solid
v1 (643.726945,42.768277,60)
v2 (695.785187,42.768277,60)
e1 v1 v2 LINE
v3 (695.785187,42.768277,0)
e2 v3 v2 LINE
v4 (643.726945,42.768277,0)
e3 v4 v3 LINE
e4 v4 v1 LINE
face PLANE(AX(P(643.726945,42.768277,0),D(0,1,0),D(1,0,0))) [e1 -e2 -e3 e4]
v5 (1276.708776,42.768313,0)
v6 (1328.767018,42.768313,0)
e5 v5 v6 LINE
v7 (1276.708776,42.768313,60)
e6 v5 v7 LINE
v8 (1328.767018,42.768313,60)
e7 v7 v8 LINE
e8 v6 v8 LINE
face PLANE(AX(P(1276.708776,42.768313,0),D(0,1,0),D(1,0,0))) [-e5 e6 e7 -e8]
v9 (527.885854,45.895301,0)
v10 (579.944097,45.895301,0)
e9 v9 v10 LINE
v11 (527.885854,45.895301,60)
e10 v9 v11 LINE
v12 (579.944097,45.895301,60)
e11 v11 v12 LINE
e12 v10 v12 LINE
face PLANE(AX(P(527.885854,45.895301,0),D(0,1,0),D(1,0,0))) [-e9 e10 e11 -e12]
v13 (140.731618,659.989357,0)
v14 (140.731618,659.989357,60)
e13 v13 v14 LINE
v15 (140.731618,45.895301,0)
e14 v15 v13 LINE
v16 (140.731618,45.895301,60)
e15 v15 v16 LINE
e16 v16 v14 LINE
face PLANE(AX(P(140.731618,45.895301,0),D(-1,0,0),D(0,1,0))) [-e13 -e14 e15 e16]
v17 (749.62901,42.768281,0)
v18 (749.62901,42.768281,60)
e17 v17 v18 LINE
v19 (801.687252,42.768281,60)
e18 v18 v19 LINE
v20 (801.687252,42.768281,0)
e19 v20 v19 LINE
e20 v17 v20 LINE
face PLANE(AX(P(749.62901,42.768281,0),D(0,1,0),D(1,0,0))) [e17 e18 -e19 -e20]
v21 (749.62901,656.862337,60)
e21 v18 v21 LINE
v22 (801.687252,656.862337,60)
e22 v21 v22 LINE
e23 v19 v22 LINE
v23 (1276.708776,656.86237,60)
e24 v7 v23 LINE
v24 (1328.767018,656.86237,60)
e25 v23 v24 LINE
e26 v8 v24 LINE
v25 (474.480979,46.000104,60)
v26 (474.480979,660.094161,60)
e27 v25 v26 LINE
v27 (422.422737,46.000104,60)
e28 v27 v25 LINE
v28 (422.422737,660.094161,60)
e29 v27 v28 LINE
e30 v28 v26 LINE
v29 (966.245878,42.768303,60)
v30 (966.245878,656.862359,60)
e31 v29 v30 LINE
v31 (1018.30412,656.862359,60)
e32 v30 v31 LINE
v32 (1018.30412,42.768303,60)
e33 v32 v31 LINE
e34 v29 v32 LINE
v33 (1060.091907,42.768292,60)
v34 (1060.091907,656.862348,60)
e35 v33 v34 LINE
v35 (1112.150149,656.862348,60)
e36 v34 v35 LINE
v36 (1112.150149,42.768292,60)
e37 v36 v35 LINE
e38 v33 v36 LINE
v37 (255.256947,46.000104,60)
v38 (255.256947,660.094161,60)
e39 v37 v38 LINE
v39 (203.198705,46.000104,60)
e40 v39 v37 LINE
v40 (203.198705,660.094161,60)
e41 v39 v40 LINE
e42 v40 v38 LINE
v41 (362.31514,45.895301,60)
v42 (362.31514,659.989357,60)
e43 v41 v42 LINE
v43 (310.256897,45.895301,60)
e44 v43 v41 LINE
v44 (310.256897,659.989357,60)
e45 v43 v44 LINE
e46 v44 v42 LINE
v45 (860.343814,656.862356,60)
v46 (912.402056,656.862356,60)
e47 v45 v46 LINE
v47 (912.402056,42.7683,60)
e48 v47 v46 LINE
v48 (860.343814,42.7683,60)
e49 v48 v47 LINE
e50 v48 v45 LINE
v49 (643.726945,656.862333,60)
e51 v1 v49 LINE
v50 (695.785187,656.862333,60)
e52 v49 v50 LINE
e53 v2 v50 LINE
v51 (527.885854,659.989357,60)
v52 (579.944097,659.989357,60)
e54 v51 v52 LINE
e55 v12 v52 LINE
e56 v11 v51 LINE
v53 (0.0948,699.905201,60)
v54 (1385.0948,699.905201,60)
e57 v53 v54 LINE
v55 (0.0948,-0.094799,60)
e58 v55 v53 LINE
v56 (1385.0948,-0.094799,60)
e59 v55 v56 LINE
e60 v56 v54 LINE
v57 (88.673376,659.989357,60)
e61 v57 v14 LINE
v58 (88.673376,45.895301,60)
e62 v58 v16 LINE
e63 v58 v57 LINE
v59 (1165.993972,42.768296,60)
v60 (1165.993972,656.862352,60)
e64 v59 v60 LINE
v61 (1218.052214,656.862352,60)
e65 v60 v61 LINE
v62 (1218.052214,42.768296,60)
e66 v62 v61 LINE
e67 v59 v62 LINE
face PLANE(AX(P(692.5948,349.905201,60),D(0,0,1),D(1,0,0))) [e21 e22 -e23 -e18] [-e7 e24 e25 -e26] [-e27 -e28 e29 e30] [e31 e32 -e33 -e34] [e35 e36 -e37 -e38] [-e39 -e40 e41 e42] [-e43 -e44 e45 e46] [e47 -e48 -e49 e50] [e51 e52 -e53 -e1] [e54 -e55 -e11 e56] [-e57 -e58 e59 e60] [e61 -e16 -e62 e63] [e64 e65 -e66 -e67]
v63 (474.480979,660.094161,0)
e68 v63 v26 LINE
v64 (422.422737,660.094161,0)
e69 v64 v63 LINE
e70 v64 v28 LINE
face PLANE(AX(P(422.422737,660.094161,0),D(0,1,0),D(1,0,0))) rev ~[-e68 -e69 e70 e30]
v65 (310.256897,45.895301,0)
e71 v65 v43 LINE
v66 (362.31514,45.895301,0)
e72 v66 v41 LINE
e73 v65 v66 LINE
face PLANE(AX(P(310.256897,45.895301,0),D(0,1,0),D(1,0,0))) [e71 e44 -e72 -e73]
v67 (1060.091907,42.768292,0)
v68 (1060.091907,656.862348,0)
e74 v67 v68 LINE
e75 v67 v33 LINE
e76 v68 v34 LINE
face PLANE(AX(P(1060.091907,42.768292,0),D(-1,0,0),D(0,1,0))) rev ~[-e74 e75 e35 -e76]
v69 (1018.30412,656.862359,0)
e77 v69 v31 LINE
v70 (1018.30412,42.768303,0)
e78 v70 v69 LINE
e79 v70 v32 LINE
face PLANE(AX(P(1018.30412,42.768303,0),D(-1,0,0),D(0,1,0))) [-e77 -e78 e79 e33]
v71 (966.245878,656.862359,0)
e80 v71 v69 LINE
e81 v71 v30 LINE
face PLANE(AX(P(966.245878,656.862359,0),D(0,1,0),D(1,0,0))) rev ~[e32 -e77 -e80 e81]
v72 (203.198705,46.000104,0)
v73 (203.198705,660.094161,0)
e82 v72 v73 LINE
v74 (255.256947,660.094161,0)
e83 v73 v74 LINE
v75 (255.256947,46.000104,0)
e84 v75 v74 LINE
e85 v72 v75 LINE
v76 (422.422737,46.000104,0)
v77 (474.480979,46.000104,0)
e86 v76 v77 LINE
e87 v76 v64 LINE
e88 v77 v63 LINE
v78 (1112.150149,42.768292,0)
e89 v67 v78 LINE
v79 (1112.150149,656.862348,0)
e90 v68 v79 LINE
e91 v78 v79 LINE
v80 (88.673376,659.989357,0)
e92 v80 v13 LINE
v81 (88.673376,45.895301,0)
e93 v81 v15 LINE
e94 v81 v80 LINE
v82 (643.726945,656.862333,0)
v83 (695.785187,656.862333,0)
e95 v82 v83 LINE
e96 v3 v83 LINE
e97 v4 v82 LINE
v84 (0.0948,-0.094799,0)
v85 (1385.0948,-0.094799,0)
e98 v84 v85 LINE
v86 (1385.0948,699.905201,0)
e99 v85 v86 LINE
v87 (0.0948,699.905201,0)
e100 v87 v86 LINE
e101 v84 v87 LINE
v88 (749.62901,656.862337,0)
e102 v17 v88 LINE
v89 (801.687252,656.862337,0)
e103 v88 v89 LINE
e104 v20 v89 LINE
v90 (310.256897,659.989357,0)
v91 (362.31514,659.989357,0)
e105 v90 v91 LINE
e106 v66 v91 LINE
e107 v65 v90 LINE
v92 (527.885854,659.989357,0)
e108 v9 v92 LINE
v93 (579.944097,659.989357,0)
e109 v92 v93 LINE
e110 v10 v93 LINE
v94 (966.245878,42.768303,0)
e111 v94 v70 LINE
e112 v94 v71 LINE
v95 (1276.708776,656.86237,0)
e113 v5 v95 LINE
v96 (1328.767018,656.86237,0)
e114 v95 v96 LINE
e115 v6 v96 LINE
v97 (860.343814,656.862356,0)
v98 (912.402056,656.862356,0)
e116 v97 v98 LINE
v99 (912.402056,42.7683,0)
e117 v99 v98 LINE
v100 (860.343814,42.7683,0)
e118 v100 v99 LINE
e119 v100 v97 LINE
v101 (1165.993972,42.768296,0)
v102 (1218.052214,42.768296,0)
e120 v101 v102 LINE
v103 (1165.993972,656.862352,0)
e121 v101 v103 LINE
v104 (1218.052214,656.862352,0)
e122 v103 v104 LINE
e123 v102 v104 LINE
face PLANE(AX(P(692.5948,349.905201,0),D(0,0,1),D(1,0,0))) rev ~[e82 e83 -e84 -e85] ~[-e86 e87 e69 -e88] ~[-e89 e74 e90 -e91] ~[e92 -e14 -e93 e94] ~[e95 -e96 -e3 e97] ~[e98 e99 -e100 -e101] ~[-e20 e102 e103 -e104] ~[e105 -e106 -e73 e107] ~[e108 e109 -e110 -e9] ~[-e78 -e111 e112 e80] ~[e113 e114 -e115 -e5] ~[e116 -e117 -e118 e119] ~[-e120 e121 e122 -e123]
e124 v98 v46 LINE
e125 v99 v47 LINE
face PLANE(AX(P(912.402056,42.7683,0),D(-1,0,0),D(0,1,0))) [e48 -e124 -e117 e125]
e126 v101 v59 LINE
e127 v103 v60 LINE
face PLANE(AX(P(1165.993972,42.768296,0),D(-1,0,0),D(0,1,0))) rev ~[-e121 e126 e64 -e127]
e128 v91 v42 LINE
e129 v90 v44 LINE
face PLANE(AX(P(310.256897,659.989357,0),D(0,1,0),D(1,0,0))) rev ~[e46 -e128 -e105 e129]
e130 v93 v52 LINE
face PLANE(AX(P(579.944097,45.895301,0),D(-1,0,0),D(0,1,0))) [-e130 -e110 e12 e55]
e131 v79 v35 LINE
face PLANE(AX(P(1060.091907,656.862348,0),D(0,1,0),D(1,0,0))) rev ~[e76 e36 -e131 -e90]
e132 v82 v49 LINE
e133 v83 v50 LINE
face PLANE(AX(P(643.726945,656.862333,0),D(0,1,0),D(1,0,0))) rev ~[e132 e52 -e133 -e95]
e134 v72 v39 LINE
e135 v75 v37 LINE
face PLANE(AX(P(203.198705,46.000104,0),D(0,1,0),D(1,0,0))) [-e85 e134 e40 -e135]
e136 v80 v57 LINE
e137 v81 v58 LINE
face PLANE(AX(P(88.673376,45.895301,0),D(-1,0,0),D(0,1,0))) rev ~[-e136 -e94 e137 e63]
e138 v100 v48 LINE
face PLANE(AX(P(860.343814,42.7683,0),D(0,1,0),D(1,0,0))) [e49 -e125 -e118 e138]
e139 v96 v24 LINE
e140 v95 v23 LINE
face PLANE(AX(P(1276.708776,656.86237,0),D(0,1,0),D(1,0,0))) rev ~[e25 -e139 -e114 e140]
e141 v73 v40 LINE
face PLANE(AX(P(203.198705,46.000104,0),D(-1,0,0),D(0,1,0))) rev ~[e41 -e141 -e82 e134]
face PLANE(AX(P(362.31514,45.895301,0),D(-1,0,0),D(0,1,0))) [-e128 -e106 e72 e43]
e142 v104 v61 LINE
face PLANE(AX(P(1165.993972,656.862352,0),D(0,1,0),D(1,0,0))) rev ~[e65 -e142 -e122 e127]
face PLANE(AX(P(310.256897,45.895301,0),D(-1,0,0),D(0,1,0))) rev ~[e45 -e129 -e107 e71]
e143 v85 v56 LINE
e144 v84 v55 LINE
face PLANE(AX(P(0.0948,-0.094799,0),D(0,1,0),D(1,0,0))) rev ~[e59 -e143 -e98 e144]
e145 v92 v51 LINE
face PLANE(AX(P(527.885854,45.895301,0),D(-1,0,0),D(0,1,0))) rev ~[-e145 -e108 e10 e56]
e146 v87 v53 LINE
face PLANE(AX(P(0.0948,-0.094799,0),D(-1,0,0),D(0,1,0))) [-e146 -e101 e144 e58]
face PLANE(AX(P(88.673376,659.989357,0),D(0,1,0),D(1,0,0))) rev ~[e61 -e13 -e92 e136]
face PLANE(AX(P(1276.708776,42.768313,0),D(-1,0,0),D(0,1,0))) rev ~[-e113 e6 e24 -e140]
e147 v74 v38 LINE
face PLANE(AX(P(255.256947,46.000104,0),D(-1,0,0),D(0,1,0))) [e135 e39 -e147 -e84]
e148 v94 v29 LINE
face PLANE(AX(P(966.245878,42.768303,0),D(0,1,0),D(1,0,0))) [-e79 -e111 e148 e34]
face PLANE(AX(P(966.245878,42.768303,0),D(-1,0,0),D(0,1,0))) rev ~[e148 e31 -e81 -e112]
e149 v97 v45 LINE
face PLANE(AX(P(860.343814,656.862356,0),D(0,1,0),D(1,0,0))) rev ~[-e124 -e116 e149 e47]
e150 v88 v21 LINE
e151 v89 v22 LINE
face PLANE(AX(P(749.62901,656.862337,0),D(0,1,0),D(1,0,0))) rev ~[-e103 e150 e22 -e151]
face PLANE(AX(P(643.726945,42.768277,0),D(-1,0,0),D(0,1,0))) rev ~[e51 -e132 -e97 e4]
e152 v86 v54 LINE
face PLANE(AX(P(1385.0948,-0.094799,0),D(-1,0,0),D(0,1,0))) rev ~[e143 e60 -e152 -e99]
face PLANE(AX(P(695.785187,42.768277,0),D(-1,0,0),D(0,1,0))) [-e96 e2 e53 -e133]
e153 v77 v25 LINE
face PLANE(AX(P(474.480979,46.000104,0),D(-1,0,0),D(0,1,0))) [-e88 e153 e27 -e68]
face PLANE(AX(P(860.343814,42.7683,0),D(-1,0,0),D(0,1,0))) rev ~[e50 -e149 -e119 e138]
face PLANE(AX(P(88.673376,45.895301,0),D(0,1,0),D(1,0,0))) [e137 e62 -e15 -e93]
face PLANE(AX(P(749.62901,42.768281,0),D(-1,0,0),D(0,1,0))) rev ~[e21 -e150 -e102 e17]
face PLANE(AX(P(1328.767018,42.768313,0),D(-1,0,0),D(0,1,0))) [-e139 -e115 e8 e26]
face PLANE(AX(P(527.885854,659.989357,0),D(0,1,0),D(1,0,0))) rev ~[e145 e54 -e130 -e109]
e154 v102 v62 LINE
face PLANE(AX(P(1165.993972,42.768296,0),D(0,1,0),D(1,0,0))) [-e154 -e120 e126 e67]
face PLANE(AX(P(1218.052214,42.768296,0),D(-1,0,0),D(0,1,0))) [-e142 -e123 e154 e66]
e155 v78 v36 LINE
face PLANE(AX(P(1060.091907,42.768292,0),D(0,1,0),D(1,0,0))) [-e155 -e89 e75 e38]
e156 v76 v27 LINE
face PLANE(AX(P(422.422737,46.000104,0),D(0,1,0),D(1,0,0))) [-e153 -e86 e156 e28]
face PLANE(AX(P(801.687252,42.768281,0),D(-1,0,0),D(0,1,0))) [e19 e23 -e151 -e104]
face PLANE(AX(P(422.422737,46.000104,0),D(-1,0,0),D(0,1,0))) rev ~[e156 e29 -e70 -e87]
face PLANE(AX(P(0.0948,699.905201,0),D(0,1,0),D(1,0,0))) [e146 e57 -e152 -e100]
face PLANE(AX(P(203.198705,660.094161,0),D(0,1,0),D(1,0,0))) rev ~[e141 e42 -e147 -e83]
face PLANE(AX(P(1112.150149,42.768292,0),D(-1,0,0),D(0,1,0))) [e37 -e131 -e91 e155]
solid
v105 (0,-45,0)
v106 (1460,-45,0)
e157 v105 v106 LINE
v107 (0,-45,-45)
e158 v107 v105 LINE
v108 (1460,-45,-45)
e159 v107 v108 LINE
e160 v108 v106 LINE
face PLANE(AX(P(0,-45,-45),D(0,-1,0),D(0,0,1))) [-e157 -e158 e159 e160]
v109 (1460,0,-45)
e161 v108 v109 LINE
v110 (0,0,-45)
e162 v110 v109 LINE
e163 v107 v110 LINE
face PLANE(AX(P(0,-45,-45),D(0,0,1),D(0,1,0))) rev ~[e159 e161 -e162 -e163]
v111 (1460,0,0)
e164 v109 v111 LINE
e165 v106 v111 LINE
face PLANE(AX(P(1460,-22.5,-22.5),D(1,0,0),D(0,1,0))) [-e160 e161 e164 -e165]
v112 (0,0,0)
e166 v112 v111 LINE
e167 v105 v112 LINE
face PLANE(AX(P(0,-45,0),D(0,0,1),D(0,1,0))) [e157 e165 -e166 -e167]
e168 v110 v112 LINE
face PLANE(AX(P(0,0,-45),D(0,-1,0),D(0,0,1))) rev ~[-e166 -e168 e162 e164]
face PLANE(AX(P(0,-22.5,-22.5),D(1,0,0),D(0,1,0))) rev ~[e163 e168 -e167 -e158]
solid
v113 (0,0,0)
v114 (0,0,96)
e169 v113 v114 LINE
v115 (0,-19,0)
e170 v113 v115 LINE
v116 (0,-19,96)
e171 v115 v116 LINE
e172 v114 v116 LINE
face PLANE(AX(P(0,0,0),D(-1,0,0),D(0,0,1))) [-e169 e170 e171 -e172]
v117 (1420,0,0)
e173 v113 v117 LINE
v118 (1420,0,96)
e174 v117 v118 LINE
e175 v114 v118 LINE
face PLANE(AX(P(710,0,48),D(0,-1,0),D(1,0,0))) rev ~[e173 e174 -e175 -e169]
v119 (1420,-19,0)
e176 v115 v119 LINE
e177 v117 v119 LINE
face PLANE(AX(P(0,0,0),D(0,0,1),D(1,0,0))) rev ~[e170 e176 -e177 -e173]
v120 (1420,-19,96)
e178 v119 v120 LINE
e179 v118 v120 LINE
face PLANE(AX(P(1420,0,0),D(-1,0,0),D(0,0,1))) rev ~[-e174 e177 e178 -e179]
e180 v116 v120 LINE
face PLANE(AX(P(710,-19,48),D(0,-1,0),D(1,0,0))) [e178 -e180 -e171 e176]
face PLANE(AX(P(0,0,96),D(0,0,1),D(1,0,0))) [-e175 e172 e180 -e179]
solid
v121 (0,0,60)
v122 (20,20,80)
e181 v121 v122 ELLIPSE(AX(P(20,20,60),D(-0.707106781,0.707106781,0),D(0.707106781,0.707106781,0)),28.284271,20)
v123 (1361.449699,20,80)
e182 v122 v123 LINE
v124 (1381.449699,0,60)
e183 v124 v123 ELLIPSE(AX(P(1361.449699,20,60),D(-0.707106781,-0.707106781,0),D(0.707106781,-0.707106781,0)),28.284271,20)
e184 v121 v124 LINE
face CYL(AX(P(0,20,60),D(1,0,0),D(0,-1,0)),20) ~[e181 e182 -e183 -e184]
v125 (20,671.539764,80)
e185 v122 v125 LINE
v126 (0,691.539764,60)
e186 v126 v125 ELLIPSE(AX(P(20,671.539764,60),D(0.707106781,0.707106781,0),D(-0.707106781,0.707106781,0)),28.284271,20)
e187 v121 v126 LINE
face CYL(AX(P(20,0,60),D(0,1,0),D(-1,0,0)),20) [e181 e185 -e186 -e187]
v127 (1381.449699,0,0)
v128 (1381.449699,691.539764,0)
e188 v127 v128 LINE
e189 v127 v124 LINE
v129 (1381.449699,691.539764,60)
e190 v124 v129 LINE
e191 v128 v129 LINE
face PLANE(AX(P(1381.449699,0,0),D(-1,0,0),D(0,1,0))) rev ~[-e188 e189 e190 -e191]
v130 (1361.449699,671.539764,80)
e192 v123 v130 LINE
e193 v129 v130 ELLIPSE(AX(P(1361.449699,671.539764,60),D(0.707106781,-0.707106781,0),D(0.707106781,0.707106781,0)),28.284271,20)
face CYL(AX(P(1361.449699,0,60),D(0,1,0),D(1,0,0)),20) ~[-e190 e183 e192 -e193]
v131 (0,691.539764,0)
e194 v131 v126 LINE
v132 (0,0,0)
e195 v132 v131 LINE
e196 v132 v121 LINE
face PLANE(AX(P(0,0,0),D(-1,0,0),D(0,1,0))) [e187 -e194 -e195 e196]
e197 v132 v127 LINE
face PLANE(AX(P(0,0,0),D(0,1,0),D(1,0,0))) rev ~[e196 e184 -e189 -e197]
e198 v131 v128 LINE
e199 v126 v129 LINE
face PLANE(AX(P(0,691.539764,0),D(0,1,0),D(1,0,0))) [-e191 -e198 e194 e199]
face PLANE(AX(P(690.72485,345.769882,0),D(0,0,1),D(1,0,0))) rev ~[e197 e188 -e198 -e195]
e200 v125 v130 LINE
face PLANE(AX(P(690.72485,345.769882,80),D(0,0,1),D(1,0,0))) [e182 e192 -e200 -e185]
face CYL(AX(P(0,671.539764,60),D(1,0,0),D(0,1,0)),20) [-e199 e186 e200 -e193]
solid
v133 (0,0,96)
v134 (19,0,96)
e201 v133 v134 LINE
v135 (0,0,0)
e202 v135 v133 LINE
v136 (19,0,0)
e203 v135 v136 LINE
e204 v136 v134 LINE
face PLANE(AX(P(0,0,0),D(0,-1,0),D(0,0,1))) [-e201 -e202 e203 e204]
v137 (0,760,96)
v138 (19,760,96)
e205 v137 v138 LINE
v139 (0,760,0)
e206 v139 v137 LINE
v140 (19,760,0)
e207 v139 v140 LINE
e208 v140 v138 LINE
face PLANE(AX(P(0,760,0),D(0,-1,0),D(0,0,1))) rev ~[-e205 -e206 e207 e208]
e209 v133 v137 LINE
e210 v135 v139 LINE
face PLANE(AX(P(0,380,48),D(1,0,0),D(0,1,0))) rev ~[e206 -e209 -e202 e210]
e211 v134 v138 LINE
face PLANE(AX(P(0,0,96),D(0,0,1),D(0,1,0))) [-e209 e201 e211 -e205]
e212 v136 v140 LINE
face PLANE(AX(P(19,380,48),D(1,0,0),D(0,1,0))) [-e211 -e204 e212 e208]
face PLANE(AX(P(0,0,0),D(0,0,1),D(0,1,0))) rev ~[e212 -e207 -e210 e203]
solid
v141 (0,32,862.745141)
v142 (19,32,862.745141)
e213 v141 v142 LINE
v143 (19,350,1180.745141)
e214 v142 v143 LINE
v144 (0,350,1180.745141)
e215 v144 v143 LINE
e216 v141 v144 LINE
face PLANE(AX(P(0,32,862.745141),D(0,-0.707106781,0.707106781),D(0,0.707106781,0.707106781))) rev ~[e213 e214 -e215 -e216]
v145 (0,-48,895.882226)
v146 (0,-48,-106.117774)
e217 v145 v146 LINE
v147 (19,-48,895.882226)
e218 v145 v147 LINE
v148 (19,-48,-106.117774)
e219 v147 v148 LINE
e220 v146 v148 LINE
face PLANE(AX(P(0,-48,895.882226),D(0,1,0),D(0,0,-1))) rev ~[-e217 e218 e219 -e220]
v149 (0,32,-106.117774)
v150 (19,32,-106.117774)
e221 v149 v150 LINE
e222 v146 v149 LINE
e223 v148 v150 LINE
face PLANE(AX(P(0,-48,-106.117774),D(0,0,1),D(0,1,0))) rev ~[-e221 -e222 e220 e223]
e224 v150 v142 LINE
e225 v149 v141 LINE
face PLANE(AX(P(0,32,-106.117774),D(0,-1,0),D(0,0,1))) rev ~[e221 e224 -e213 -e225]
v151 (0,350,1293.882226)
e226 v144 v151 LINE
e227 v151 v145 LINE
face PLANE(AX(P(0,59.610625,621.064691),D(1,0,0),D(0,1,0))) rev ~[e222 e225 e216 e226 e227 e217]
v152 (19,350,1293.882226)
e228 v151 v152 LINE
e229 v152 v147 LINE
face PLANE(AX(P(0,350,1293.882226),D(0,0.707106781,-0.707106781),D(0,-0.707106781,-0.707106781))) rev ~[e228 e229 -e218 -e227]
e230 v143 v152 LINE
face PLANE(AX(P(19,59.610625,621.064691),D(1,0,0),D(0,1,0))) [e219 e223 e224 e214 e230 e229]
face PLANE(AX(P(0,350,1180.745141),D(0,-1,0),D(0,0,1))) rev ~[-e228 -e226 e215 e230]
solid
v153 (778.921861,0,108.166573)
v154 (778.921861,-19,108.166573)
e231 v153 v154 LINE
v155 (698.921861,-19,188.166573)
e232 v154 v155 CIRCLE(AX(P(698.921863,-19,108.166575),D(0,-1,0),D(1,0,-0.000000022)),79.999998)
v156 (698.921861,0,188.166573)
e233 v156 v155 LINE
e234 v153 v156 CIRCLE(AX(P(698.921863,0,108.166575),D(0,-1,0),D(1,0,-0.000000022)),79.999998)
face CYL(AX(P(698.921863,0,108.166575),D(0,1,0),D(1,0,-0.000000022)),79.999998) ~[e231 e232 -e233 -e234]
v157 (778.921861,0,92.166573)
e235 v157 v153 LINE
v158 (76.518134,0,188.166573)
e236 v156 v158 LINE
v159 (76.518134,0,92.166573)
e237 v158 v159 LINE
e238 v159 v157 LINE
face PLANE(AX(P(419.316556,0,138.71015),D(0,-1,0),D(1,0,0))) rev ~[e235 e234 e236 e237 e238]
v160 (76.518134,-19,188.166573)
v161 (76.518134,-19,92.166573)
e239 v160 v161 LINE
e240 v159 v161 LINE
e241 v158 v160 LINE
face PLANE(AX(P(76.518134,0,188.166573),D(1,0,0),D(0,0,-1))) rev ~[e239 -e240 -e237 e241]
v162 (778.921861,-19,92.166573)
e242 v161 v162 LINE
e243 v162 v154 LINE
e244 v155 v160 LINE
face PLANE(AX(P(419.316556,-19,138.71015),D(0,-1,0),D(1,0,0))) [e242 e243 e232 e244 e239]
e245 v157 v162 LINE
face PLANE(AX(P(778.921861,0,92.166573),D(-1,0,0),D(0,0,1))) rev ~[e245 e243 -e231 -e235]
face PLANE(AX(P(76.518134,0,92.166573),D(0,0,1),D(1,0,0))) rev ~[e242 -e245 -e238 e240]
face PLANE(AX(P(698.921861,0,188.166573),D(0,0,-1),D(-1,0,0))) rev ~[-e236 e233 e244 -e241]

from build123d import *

# Parameters (mm, degrees)
F0_W      = 1385
F0_H      = 700
F0_W_2    = 52.058242
F0_H_2    = 614.094056
F0_W_3    = 52.058243
F0_H_3    = 614.094057
F1_DEPTH  = 60
F3_W      = 32
F3_H      = 106.117774
F4_DEPTH  = 19
F5_W      = 760
F5_H      = 96
F6_DEPTH  = 19
F7_W      = 1420
F7_H      = 96
F8_DEPTH  = 19
F9_W      = 45
F9_H      = 45
F10_DEPTH = 1460
F12_DEPTH = 19
F13_W     = 1381.449699
F13_H     = 691.539764
F14_DEPTH = 80
F15_R     = 20


with BuildPart() as f1:
    # F0 (on Top) → F1 (new body)
    with BuildSketch(Plane.XY):
        with Locations((692.5948, 349.905201)):
            Rectangle(F0_W, F0_H)
        with Locations((669.756066, 349.815305)):
            Rectangle(F0_W_2, F0_H_2, mode=Mode.SUBTRACT)
        with Locations((775.658131, 349.815309)):
            Rectangle(F0_W_2, F0_H_2, mode=Mode.SUBTRACT)
        with Locations((886.372935, 349.815328)):
            Rectangle(F0_W_2, F0_H_2, mode=Mode.SUBTRACT)
        with Locations((992.274999, 349.815331)):
            Rectangle(F0_W_3, F0_H_2, mode=Mode.SUBTRACT)
        with Locations((1086.121028, 349.81532)):
            Rectangle(F0_W_2, F0_H_2, mode=Mode.SUBTRACT)
        with Locations((1192.023093, 349.815324)):
            Rectangle(F0_W_2, F0_H_2, mode=Mode.SUBTRACT)
        with Locations((1302.737897, 349.815342)):
            Rectangle(F0_W_2, F0_H_3, mode=Mode.SUBTRACT)
        with Locations((114.702497, 352.942329)):
            Rectangle(F0_W_2, F0_H_2, mode=Mode.SUBTRACT)
        with Locations((229.227826, 353.047132)):
            Rectangle(F0_W_2, F0_H_3, mode=Mode.SUBTRACT)
        with Locations((336.286019, 352.942329)):
            Rectangle(F0_W_3, F0_H_2, mode=Mode.SUBTRACT)
        with Locations((448.451858, 353.047132)):
            Rectangle(F0_W_2, F0_H_3, mode=Mode.SUBTRACT)
        with Locations((553.914975, 352.942329)):
            Rectangle(F0_W_3, F0_H_2, mode=Mode.SUBTRACT)
    extrude(amount=F1_DEPTH)


with BuildPart() as f4:
    # F3 (on Right) → F4 (new body)
    with BuildSketch(Plane.YZ):
        Polygon((0, -106.117774), (0, 0), (32, 0), (32, 862.745141), (350, 1180.745141), (350, 1293.882226), (-48, 895.882226), (-48, -106.117774), (-29, -106.117774), (-10, -106.117774), align=None)
        with Locations((16, -53.058887)):
            Rectangle(F3_W, F3_H)
    extrude(amount=F4_DEPTH)


with BuildPart() as f6:
    # F5 (on Right) → F6 (new body)
    with BuildSketch(Plane.YZ):
        with Locations((380, 48)):
            Rectangle(F5_W, F5_H)
    extrude(amount=F6_DEPTH)


with BuildPart() as f8:
    # F7 (on Front) → F8 (new body)
    with BuildSketch(Plane.XZ):
        with Locations((710, 48)):
            Rectangle(F7_W, F7_H)
    extrude(amount=F8_DEPTH)


with BuildPart() as f10:
    # F9 (on Right) → F10 (new body)
    with BuildSketch(Plane.YZ):
        with Locations((-22.5, -22.5)):
            Rectangle(F9_W, F9_H)
    extrude(amount=F10_DEPTH)


with BuildPart() as f12:
    # F11 (on Front) → F12 (new body)
    with BuildSketch(Plane.XZ):
        with BuildLine():
            Line((698.921861, 188.166573), (76.518134, 188.166573))
            Line((76.518134, 188.166573), (76.518134, 92.166573))
            Line((76.518134, 92.166573), (778.921861, 92.166573))
            Line((778.921861, 92.166573), (778.921861, 108.166573))
            ThreePointArc((778.921861, 108.166573), (755.490404, 164.735116), (698.921861, 188.166573))
        make_face()
    extrude(amount=F12_DEPTH)


with BuildPart() as f14:
    # F13 (on Top) → F14 (new body)
    with BuildSketch(Plane.XY):
        with Locations((690.72485, 345.769882)):
            Rectangle(F13_W, F13_H)
    extrude(amount=F14_DEPTH)

    # F15
    f15_edges = [f14.edges().sort_by_distance(p)[0] for p in [
        (0, 345.769882, 80),
        (690.72485, 0, 80),
        (1381.449699, 345.769882, 80),
        (690.72485, 691.539764, 80),
    ]]
    fillet(f15_edges, radius=F15_R)


solid = Compound([f1.part, f4.part, f6.part, f8.part, f10.part, f12.part, f14.part])
